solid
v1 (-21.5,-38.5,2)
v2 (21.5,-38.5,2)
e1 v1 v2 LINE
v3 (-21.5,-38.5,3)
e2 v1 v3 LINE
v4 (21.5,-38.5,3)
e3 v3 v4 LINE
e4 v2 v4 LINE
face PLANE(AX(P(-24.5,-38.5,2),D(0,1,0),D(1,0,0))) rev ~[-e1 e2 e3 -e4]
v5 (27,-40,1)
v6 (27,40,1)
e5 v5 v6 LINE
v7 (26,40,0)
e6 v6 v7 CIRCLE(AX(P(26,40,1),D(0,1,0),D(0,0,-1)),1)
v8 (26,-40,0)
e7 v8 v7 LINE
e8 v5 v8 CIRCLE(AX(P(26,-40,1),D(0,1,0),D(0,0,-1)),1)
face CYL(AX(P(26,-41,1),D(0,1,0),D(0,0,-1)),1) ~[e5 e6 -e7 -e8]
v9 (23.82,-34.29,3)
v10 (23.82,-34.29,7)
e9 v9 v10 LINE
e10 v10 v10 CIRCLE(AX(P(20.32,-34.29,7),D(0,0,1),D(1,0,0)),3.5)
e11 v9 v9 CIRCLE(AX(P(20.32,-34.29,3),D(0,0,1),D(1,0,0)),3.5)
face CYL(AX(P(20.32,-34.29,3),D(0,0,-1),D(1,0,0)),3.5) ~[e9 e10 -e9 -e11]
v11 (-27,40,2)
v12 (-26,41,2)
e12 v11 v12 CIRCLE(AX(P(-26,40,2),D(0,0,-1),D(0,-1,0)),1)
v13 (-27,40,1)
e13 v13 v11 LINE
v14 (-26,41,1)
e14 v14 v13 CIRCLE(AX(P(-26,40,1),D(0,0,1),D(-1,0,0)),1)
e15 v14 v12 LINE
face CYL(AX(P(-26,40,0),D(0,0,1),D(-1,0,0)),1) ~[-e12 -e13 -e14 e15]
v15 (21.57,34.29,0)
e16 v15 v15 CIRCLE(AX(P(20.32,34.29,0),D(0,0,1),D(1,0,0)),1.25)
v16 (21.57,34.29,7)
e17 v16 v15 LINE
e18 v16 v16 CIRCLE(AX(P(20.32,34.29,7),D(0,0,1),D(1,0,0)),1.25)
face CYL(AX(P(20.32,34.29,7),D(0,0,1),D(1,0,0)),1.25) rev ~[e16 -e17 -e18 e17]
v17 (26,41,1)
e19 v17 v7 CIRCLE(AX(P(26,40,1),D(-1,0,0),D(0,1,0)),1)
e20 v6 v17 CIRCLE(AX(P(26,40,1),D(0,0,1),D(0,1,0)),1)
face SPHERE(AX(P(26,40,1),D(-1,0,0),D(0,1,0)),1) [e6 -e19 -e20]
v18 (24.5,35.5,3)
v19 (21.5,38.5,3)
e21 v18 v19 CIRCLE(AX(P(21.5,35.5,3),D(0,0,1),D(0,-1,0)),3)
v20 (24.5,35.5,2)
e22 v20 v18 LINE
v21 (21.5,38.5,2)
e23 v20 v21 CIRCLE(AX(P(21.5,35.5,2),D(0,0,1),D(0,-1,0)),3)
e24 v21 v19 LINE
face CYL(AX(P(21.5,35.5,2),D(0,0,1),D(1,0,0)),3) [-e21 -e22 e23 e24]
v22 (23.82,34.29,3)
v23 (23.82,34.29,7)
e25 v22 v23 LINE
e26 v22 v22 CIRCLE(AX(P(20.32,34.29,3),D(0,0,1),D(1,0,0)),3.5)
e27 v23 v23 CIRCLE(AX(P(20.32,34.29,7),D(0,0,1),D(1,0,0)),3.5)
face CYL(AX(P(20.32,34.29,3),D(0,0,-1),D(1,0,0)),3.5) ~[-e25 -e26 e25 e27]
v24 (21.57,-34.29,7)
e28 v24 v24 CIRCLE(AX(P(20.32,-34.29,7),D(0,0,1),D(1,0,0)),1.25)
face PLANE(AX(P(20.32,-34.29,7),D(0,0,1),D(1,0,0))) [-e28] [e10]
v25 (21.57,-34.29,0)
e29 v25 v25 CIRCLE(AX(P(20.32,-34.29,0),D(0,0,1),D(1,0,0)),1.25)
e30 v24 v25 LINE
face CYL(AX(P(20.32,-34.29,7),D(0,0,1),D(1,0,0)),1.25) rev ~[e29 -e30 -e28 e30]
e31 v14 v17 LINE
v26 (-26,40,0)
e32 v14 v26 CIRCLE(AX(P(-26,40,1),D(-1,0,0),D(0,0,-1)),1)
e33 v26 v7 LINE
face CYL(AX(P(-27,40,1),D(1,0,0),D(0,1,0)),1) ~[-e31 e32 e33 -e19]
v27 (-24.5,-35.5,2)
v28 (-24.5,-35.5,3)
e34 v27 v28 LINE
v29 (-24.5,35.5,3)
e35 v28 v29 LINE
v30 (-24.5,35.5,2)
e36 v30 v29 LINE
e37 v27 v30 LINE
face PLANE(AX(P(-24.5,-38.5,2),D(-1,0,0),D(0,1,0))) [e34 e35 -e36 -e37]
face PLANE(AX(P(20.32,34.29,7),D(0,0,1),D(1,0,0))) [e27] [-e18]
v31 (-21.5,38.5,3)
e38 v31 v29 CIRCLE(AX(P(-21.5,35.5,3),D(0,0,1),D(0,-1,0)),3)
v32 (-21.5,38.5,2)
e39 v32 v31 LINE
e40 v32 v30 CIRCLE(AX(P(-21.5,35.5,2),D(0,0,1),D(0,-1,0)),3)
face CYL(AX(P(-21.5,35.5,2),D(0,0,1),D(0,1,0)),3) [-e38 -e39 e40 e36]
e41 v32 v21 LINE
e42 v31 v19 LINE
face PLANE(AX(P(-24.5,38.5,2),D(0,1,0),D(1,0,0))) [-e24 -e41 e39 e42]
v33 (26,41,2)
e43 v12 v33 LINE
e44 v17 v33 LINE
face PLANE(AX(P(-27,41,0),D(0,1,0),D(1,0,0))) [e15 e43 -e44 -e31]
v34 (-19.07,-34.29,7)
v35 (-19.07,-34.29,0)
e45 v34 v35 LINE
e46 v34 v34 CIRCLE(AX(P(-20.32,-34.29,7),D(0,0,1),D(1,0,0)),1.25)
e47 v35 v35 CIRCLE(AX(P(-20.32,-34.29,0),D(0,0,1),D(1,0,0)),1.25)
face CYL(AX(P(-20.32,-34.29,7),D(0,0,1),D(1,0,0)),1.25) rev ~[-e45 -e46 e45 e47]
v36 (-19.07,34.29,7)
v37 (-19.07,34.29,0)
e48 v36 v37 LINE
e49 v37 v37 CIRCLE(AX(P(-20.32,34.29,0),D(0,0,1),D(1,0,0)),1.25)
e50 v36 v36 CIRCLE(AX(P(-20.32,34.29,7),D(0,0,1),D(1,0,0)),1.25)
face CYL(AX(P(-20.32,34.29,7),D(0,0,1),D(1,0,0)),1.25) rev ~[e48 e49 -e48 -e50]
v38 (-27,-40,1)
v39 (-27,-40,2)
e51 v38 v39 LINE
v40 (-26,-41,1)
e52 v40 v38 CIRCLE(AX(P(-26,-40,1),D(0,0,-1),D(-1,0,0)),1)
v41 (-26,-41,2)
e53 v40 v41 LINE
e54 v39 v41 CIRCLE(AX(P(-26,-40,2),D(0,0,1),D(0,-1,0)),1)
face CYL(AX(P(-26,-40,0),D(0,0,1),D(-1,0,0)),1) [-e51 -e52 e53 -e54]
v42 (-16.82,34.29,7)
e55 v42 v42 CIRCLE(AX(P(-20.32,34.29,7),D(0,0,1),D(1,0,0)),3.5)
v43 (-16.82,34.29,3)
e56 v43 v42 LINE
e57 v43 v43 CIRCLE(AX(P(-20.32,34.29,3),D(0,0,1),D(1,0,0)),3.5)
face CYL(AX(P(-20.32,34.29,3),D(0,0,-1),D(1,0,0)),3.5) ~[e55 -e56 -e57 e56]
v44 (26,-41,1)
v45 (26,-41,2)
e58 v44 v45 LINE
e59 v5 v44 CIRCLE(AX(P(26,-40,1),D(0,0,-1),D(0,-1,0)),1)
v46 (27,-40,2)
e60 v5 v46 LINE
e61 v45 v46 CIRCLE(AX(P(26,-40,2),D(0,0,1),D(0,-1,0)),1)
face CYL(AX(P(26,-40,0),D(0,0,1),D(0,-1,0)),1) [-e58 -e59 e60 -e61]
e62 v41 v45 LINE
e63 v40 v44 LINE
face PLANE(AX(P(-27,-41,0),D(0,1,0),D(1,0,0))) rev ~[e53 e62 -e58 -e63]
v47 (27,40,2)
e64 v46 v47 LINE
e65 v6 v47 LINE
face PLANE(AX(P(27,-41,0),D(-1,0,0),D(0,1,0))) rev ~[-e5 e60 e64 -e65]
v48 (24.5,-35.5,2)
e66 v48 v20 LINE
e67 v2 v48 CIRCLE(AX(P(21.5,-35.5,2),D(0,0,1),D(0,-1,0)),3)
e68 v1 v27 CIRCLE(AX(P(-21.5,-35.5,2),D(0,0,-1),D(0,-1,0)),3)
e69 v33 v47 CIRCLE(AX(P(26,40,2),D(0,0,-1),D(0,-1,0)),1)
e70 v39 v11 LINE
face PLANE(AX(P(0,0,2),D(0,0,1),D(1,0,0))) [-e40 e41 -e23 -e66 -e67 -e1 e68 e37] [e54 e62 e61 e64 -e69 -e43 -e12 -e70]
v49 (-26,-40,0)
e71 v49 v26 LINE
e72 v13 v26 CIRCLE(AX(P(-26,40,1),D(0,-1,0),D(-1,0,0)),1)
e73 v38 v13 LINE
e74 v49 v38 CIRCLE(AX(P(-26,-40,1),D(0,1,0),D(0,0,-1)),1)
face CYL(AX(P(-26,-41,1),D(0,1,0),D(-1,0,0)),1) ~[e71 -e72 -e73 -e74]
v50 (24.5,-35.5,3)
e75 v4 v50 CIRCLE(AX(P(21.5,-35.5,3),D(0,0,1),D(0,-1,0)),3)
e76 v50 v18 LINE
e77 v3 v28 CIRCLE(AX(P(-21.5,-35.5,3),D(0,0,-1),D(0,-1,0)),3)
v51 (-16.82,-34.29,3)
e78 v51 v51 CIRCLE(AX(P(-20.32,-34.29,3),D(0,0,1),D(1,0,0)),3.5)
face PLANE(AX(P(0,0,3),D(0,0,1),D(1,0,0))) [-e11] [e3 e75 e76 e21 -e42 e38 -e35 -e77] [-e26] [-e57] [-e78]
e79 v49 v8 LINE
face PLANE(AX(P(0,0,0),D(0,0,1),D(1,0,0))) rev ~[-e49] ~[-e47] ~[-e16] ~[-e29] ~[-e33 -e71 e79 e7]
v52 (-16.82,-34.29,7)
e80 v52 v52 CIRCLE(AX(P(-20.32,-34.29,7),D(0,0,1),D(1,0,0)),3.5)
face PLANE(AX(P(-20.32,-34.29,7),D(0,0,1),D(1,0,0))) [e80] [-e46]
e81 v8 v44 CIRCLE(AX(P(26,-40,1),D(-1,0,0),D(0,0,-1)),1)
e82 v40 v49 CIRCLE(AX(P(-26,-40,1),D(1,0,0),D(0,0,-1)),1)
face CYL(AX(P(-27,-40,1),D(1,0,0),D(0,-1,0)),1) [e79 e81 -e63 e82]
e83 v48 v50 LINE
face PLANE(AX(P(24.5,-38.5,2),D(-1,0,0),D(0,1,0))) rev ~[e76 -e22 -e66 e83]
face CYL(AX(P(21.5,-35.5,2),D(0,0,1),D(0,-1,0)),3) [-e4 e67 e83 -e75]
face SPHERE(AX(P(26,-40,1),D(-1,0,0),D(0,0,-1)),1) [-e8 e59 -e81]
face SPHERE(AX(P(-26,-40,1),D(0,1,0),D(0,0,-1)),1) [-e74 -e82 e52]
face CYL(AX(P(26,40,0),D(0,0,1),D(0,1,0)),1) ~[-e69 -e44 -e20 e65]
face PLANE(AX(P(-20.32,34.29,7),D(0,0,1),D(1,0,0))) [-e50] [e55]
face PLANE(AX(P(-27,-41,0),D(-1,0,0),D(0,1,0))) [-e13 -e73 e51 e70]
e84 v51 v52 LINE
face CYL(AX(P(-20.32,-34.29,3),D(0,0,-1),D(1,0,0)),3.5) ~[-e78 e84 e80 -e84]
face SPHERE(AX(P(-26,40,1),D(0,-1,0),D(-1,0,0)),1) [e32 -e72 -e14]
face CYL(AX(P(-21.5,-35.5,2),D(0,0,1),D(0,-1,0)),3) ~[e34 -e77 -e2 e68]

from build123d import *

# Parameters (mm, degrees)
SKETCH_W     = 54
SKETCH_H     = 82
PAD_DEPTH    = 2
SKETCH001_W  = 49
SKETCH001_H  = 77
PAD001_DEPTH = 1
SKETCH002_R  = 3.5
PAD002_DEPTH = 4
SKETCH003_R  = 1.25
POCKET_DEPTH = 7
FILLET_R     = 1
FILLET001_R  = 3


with BuildPart() as part:
    # Sketch → Pad (new body)
    with BuildSketch(Plane.XY):
        Rectangle(SKETCH_W, SKETCH_H)
    extrude(amount=PAD_DEPTH)

    # Sketch001 (on Face6 of Pad) → Pad001 (join)
    with BuildSketch(Plane.XY.offset(2)):
        Rectangle(SKETCH001_W, SKETCH001_H)
    extrude(amount=PAD001_DEPTH)

    # Sketch002 (on Face11 of Pad001) → Pad002 (join)
    with BuildSketch(Plane.XY.offset(3)):
        with Locations((-20.32, 34.29)):
            Circle(SKETCH002_R)
        with Locations((20.32, 34.29)):
            Circle(SKETCH002_R)
        with Locations((-20.32, -34.29)):
            Circle(SKETCH002_R)
        with Locations((20.32, -34.29)):
            Circle(SKETCH002_R)
    extrude(amount=PAD002_DEPTH)

    # Sketch003 (on Face18 of Pad002) → Pocket (cut)
    with BuildSketch(Plane.XY.offset(7)):
        with Locations((-20.32, 34.29)):
            Circle(SKETCH003_R)
        with Locations((20.32, 34.29)):
            Circle(SKETCH003_R)
        with Locations((20.32, -34.29)):
            Circle(SKETCH003_R)
        with Locations((-20.32, -34.29)):
            Circle(SKETCH003_R)
    extrude(amount=-POCKET_DEPTH, mode=Mode.SUBTRACT)

    # Fillet
    fillet_edges = [part.edges().sort_by_distance(p)[0] for p in [
        (-27, 0, 0),
        (0, -41, 0),
        (-27, -41, 1),
        (-27, 41, 1),
        (0, 41, 0),
        (27, 41, 1),
        (27, 0, 0),
        (27, -41, 1),
    ]]
    fillet(fillet_edges, radius=FILLET_R)

    # Fillet001
    fillet001_edges = [part.edges().sort_by_distance(p)[0] for p in [
        (24.5, -38.5, 2.5),
        (24.5, 38.5, 2.5),
        (-24.5, 38.5, 2.5),
        (-24.5, -38.5, 2.5),
    ]]
    fillet(fillet001_edges, radius=FILLET001_R)


solid = part.part
